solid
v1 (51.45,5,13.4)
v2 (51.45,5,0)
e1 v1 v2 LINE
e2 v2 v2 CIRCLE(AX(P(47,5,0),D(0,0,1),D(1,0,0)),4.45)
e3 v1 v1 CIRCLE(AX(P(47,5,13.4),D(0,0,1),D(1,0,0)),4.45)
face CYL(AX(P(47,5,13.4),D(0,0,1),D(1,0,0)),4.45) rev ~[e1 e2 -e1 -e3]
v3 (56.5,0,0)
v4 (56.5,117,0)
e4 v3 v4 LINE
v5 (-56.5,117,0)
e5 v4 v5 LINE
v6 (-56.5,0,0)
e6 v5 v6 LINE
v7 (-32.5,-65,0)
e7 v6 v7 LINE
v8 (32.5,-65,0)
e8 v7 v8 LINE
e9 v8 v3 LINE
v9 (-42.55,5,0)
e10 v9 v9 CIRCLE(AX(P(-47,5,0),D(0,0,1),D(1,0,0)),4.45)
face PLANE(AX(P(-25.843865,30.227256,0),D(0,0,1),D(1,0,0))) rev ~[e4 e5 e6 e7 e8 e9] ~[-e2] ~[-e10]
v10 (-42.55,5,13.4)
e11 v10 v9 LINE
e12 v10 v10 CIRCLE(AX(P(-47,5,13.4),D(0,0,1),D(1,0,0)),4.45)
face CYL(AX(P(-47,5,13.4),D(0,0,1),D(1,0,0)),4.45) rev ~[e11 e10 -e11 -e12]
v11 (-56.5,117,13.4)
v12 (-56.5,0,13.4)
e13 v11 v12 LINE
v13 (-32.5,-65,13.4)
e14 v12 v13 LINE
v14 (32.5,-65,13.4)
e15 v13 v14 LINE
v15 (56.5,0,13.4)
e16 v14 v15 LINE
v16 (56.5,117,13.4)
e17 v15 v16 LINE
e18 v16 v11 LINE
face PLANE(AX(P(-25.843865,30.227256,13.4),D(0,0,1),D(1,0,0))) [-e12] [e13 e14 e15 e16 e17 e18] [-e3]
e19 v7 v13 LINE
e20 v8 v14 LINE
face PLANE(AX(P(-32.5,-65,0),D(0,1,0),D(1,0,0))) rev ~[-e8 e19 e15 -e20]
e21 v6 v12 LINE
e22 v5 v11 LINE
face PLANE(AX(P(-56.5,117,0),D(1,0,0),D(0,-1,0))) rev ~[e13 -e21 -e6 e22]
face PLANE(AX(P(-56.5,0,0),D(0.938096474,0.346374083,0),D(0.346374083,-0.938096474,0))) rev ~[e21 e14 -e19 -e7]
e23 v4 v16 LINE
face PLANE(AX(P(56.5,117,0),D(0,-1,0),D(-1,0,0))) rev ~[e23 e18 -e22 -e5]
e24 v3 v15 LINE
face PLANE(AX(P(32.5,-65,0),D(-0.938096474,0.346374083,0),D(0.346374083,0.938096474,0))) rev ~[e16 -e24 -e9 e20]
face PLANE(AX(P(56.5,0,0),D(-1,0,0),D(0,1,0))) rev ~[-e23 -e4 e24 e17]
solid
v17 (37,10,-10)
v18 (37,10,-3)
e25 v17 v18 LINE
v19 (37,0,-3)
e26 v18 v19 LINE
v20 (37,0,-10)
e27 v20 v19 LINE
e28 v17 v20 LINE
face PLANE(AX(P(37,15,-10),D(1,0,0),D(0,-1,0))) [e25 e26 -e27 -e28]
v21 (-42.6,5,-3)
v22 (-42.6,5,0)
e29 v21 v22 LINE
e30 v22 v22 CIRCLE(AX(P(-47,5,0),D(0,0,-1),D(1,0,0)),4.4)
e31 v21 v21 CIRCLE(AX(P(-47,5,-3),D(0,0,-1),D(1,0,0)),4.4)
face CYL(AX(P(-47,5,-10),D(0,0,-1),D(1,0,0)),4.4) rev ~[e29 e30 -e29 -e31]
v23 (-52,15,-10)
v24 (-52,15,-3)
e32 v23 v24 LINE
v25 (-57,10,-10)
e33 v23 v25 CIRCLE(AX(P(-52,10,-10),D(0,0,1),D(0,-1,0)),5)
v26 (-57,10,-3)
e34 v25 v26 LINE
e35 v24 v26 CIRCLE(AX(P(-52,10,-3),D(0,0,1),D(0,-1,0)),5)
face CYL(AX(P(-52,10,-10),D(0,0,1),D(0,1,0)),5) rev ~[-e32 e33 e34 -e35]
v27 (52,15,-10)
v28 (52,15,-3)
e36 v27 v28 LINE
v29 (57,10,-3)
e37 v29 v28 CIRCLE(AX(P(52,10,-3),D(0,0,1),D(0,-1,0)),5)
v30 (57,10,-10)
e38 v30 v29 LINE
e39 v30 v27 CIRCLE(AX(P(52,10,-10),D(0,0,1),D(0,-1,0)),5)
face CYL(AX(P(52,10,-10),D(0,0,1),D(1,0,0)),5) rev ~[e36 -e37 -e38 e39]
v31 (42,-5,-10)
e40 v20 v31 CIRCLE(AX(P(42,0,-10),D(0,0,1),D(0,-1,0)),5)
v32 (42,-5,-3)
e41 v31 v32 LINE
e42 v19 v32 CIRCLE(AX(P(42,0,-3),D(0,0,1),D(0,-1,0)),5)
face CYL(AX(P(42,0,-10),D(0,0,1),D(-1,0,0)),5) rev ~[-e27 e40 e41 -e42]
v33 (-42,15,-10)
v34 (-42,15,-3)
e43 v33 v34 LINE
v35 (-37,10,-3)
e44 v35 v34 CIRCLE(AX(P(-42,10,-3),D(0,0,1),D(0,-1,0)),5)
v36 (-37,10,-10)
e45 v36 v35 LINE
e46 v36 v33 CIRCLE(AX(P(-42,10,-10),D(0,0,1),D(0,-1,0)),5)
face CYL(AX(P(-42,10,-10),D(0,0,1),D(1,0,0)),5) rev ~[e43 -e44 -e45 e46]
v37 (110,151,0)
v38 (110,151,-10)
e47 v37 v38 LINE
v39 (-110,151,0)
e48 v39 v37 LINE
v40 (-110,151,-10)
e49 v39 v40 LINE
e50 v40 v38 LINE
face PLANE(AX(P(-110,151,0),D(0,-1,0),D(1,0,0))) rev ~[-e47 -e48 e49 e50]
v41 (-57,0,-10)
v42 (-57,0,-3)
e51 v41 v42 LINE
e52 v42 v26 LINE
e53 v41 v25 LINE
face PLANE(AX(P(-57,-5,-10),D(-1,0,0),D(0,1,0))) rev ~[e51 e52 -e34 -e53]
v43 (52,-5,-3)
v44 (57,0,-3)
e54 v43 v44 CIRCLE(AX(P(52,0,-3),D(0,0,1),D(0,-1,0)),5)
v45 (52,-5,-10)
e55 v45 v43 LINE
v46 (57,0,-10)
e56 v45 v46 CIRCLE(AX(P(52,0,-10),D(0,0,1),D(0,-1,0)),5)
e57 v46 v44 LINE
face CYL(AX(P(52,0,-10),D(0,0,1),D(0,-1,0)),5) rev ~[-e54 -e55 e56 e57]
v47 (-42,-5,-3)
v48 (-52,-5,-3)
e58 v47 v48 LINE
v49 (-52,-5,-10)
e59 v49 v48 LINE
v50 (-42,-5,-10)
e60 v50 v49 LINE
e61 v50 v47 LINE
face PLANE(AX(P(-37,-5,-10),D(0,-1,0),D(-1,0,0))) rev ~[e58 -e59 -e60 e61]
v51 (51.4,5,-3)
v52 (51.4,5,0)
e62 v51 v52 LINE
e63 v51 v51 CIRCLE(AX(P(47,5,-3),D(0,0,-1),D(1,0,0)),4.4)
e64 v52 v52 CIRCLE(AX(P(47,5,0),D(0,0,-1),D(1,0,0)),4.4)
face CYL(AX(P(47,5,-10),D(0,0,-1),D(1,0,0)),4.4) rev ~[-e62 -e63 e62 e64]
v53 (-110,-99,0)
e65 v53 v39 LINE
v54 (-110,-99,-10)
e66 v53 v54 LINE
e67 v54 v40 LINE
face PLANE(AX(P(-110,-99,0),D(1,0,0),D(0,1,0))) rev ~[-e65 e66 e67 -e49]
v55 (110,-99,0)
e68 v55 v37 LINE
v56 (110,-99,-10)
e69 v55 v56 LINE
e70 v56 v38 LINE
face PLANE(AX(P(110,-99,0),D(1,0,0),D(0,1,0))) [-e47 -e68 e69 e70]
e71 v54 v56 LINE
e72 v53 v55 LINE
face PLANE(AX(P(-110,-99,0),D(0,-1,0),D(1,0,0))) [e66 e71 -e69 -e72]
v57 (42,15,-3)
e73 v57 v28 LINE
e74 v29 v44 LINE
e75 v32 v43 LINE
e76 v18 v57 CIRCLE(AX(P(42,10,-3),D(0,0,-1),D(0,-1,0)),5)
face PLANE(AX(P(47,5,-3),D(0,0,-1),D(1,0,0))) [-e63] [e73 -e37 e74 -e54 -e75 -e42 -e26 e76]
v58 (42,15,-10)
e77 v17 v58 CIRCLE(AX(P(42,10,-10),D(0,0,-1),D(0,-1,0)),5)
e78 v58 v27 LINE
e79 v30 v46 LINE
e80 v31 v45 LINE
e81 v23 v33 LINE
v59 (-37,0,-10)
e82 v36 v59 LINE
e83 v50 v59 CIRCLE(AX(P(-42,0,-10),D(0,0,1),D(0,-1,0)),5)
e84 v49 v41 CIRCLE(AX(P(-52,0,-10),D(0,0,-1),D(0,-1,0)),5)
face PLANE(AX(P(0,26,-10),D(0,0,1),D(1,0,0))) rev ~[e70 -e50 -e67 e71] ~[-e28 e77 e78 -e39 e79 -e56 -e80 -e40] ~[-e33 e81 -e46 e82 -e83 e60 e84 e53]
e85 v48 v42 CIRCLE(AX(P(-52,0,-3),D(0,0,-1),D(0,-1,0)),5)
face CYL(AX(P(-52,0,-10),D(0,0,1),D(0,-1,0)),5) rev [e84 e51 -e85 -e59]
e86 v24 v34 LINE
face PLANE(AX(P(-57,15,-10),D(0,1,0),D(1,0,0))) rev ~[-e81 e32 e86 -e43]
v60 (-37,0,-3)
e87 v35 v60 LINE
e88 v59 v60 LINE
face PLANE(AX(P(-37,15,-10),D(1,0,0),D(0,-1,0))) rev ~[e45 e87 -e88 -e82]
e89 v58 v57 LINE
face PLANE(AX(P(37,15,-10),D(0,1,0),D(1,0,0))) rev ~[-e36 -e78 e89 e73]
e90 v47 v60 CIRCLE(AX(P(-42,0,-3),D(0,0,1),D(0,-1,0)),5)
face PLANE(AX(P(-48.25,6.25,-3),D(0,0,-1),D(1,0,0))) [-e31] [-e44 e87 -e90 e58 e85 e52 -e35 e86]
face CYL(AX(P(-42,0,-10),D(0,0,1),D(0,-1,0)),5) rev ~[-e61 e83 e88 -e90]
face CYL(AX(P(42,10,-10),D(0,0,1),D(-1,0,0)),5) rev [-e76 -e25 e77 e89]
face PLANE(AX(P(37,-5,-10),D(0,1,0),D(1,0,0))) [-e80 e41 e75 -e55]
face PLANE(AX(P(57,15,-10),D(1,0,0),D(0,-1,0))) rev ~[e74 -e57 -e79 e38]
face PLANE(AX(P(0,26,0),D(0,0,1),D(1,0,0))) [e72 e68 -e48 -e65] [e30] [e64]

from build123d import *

# Parameters (mm, degrees)
F1_DEPTH  = 13.4
F2_R      = 4.45
F3_DEPTH  = 13.401
F4_W      = 220
F4_H      = 250
F5_DEPTH  = 10
F6_R      = 4.4
F7_DEPTH  = 10
F9_W      = 10
F9_H      = 10
F9_W_2    = 20
F9_H_2    = 20
F10_DEPTH = 7
F11_R     = 5


with BuildPart() as f1:
    # F0 (on Top) → F1 (new body)
    with BuildSketch(Plane.XY):
        Polygon((-56.5, 117), (-56.5, 0), (-32.5, -65), (0, -65), (0, 0), (0, 117), align=None)
        Polygon((56.5, 117), (0, 117), (0, 0), (0, -65), (32.5, -65), (56.5, 0), align=None)
    extrude(amount=F1_DEPTH)

    # F2 (on face) → F3 (cut, through all)
    with BuildSketch(Plane.XY.offset(13.4)):
        with Locations((-47, 5)):
            Circle(F2_R)
        with Locations((47, 5)):
            Circle(F2_R)
    extrude(amount=-F3_DEPTH, mode=Mode.SUBTRACT)


with BuildPart() as f5:
    # F4 (on Top) → F5 (new body)
    with BuildSketch(Plane.XY):
        with Locations((0, 26)):
            Rectangle(F4_W, F4_H)
    extrude(amount=-F5_DEPTH)

    # F6 (on face) → F7 (cut, through all)
    with BuildSketch(Plane(origin=(0, 0, -10), x_dir=(1, 0, 0), z_dir=(0, 0, -1))):
        with Locations((-47, -5)):
            Circle(F6_R)
        with Locations((47, -5)):
            Circle(F6_R)
    extrude(amount=-F7_DEPTH, mode=Mode.SUBTRACT)

    # F9 (on face) → F10 (cut)
    with BuildSketch(Plane(origin=(0, 0, -10), x_dir=(1, 0, 0), z_dir=(0, 0, -1))):
        Polygon((-47, 5), (-57, 5), (-57, -15), (-37, -15), (-37, -5), (-47, -5), align=None)
        with Locations((-42, 0)):
            Rectangle(F9_W, F9_H)
        with Locations((47, -5)):
            Rectangle(F9_W_2, F9_H_2)
    extrude(amount=-F10_DEPTH, mode=Mode.SUBTRACT)

    # F11
    f11_edges = [f5.edges().sort_by_distance(p)[0] for p in [
        (-57, -5, -6.5),
        (-37, -5, -6.5),
        (-37, 15, -6.5),
        (-57, 15, -6.5),
        (57, -5, -6.5),
        (57, 15, -6.5),
        (37, 15, -6.5),
        (37, -5, -6.5),
    ]]
    fillet(f11_edges, radius=F11_R)


solid = Compound([f1.part, f5.part])
